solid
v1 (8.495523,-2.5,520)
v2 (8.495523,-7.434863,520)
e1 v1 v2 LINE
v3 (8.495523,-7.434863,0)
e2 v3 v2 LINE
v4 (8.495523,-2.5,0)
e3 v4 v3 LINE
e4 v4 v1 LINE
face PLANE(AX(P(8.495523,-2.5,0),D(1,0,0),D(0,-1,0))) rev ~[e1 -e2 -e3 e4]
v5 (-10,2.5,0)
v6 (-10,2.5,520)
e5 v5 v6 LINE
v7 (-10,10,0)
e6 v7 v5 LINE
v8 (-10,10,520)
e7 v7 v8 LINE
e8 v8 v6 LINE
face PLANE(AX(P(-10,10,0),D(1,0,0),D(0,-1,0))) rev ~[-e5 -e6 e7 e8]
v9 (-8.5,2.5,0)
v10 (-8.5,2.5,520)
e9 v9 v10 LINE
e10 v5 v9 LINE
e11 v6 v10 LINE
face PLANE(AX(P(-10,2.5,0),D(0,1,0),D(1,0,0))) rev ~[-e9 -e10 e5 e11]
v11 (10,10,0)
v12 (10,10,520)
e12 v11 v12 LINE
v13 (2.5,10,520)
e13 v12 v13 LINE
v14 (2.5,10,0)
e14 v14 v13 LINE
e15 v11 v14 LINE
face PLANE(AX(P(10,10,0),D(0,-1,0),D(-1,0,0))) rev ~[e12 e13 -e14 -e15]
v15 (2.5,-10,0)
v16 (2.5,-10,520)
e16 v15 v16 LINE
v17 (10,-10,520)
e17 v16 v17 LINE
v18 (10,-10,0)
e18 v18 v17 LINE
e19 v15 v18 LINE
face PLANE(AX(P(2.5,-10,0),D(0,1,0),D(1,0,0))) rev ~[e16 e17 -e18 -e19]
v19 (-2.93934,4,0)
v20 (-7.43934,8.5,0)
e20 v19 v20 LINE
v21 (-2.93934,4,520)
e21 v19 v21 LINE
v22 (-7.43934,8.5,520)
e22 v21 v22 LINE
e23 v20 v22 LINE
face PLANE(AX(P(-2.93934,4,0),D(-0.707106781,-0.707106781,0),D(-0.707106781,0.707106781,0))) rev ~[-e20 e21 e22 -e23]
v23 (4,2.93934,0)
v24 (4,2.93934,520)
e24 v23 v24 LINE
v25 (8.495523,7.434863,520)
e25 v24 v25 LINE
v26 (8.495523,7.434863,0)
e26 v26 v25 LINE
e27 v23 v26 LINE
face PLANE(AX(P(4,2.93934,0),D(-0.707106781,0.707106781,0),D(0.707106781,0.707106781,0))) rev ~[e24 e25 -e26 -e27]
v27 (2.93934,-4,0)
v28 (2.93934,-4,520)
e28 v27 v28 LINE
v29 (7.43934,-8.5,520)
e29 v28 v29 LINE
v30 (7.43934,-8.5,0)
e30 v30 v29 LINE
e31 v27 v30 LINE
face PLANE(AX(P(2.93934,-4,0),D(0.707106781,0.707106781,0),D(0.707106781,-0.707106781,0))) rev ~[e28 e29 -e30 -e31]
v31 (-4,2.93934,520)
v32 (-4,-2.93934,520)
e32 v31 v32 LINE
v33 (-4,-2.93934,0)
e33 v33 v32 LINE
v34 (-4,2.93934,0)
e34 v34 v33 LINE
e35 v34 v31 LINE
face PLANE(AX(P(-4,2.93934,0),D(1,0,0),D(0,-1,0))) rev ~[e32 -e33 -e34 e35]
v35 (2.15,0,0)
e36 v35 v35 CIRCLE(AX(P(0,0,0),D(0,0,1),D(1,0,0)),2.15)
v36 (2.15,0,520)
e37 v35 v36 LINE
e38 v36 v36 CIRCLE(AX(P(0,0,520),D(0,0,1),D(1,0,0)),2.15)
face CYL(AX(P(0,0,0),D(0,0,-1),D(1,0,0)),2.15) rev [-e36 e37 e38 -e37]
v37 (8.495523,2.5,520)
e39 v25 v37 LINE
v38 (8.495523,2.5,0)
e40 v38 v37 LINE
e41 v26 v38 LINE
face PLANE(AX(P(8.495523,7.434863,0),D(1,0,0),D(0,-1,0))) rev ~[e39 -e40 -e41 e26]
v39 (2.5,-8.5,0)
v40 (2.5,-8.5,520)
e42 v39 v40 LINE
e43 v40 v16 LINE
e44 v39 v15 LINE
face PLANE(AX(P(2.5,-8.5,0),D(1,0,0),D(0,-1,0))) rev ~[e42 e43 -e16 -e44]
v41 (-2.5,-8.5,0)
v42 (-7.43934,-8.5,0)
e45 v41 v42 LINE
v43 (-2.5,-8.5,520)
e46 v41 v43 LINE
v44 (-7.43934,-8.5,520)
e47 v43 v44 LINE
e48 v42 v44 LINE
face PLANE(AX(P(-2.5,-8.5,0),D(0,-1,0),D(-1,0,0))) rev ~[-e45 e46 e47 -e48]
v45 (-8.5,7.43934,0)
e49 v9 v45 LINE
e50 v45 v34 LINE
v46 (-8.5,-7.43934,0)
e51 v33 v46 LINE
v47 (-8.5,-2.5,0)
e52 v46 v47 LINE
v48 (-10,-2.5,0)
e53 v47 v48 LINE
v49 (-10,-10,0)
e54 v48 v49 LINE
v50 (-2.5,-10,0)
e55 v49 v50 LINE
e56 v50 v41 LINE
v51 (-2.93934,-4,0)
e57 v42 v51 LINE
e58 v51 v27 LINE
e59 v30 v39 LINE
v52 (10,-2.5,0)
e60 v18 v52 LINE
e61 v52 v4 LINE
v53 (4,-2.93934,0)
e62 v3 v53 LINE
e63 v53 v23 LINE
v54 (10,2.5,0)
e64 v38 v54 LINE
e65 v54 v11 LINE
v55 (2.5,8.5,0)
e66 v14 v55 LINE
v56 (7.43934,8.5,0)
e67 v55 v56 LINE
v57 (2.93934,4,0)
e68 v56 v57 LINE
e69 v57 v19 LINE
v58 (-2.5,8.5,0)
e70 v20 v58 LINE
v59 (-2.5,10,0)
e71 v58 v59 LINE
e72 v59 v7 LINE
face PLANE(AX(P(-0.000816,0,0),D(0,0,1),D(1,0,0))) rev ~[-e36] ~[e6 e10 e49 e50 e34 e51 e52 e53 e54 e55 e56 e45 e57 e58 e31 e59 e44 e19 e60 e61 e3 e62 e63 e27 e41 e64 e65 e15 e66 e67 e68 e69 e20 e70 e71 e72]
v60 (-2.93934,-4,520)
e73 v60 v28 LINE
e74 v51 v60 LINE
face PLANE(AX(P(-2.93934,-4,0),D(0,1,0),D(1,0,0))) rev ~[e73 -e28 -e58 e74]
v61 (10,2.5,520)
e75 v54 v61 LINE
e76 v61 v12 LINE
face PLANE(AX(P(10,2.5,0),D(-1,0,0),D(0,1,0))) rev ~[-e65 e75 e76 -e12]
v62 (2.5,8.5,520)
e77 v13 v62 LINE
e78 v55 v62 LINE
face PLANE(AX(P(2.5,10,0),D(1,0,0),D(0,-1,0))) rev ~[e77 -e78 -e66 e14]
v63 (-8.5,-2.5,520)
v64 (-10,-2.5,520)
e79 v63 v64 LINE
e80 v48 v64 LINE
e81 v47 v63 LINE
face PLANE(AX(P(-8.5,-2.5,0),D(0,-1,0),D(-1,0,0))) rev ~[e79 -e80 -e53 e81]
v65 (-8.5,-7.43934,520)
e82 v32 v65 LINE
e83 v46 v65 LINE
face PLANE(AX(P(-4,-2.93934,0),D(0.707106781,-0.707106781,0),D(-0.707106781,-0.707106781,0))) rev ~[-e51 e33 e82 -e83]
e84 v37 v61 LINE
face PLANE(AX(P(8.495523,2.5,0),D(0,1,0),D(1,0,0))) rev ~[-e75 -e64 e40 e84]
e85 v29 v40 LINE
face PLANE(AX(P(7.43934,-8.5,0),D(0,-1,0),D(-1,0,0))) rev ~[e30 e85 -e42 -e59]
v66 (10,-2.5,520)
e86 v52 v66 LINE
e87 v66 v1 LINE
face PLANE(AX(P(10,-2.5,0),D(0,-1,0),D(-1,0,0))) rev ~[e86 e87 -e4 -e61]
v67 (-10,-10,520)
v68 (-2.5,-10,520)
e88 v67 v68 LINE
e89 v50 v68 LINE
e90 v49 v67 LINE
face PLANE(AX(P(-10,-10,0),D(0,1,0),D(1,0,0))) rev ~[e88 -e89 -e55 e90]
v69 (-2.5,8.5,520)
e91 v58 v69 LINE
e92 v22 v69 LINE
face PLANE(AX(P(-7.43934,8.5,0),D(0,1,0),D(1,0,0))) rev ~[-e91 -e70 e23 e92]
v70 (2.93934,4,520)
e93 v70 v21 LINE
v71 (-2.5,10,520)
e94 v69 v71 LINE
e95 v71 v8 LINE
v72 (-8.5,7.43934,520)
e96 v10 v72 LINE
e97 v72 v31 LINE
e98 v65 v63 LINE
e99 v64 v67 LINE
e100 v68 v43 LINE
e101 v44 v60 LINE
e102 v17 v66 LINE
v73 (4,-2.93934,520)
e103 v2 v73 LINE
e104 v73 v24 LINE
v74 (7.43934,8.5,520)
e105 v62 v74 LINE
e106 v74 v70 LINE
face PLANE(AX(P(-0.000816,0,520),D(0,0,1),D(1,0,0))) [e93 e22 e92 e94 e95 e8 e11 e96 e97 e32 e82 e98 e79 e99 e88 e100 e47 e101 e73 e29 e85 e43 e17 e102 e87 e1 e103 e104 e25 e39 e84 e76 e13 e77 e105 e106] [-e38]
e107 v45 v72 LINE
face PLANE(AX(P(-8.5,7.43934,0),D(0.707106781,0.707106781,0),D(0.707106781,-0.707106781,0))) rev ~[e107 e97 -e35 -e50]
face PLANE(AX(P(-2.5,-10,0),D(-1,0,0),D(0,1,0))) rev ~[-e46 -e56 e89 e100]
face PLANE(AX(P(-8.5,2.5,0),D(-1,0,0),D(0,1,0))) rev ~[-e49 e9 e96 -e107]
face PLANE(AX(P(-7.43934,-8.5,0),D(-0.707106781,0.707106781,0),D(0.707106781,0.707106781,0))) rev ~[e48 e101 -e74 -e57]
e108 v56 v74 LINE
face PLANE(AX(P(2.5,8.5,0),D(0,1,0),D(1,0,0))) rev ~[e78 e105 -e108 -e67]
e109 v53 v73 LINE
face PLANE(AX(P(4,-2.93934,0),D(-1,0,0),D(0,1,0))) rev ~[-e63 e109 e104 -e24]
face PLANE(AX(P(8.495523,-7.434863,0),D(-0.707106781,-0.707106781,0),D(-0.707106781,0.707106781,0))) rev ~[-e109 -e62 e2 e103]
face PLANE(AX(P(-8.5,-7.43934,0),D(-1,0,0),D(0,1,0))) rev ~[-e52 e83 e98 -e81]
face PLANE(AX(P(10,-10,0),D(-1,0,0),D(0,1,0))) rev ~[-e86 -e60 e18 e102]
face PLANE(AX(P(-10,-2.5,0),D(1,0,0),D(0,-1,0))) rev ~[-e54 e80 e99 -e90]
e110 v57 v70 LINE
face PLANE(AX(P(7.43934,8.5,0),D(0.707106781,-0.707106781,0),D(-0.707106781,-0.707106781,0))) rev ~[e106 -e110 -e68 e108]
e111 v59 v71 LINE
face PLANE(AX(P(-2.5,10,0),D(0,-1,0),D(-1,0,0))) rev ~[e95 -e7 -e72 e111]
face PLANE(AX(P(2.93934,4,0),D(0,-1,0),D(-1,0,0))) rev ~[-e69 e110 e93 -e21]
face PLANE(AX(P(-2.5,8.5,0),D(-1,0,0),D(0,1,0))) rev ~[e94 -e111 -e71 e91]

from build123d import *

# Parameters (mm, degrees)
SKIZZE2_R                       = 2.15
AUFSATZ_LINEAR_AUSTRAGEN1_DEPTH = 520


with BuildPart() as part:
    # Skizze2 → Aufsatz-Linear austragen1 (new body)
    with BuildSketch(Plane.XY):
        Polygon((-10, -2.5), (-10, -10), (-2.5, -10), (-2.5, -8.5), (-7.439339828, -8.5), (-2.939339828, -4), (2.939339828, -4), (7.439339828, -8.5), (2.5, -8.5), (2.5, -10), (10, -10), (10, -2.5), (8.495523259, -2.5), (8.495523259, -7.434863087), (4, -2.939339828), (4, 2.939339828), (8.495523259, 7.434863087), (8.495523259, 2.5), (10, 2.5), (10, 10), (2.5, 10), (2.5, 8.5), (7.439339828, 8.5), (2.939339828, 4), (-2.939339828, 4), (-7.439339828, 8.5), (-2.5, 8.5), (-2.5, 10), (-10, 10), (-10, 2.5), (-8.5, 2.5), (-8.5, 7.439339828), (-4, 2.939339828), (-4, -2.939339828), (-8.5, -7.439339828), (-8.5, -2.5), align=None)
        Circle(SKIZZE2_R, mode=Mode.SUBTRACT)
    extrude(amount=AUFSATZ_LINEAR_AUSTRAGEN1_DEPTH)


solid = part.part
